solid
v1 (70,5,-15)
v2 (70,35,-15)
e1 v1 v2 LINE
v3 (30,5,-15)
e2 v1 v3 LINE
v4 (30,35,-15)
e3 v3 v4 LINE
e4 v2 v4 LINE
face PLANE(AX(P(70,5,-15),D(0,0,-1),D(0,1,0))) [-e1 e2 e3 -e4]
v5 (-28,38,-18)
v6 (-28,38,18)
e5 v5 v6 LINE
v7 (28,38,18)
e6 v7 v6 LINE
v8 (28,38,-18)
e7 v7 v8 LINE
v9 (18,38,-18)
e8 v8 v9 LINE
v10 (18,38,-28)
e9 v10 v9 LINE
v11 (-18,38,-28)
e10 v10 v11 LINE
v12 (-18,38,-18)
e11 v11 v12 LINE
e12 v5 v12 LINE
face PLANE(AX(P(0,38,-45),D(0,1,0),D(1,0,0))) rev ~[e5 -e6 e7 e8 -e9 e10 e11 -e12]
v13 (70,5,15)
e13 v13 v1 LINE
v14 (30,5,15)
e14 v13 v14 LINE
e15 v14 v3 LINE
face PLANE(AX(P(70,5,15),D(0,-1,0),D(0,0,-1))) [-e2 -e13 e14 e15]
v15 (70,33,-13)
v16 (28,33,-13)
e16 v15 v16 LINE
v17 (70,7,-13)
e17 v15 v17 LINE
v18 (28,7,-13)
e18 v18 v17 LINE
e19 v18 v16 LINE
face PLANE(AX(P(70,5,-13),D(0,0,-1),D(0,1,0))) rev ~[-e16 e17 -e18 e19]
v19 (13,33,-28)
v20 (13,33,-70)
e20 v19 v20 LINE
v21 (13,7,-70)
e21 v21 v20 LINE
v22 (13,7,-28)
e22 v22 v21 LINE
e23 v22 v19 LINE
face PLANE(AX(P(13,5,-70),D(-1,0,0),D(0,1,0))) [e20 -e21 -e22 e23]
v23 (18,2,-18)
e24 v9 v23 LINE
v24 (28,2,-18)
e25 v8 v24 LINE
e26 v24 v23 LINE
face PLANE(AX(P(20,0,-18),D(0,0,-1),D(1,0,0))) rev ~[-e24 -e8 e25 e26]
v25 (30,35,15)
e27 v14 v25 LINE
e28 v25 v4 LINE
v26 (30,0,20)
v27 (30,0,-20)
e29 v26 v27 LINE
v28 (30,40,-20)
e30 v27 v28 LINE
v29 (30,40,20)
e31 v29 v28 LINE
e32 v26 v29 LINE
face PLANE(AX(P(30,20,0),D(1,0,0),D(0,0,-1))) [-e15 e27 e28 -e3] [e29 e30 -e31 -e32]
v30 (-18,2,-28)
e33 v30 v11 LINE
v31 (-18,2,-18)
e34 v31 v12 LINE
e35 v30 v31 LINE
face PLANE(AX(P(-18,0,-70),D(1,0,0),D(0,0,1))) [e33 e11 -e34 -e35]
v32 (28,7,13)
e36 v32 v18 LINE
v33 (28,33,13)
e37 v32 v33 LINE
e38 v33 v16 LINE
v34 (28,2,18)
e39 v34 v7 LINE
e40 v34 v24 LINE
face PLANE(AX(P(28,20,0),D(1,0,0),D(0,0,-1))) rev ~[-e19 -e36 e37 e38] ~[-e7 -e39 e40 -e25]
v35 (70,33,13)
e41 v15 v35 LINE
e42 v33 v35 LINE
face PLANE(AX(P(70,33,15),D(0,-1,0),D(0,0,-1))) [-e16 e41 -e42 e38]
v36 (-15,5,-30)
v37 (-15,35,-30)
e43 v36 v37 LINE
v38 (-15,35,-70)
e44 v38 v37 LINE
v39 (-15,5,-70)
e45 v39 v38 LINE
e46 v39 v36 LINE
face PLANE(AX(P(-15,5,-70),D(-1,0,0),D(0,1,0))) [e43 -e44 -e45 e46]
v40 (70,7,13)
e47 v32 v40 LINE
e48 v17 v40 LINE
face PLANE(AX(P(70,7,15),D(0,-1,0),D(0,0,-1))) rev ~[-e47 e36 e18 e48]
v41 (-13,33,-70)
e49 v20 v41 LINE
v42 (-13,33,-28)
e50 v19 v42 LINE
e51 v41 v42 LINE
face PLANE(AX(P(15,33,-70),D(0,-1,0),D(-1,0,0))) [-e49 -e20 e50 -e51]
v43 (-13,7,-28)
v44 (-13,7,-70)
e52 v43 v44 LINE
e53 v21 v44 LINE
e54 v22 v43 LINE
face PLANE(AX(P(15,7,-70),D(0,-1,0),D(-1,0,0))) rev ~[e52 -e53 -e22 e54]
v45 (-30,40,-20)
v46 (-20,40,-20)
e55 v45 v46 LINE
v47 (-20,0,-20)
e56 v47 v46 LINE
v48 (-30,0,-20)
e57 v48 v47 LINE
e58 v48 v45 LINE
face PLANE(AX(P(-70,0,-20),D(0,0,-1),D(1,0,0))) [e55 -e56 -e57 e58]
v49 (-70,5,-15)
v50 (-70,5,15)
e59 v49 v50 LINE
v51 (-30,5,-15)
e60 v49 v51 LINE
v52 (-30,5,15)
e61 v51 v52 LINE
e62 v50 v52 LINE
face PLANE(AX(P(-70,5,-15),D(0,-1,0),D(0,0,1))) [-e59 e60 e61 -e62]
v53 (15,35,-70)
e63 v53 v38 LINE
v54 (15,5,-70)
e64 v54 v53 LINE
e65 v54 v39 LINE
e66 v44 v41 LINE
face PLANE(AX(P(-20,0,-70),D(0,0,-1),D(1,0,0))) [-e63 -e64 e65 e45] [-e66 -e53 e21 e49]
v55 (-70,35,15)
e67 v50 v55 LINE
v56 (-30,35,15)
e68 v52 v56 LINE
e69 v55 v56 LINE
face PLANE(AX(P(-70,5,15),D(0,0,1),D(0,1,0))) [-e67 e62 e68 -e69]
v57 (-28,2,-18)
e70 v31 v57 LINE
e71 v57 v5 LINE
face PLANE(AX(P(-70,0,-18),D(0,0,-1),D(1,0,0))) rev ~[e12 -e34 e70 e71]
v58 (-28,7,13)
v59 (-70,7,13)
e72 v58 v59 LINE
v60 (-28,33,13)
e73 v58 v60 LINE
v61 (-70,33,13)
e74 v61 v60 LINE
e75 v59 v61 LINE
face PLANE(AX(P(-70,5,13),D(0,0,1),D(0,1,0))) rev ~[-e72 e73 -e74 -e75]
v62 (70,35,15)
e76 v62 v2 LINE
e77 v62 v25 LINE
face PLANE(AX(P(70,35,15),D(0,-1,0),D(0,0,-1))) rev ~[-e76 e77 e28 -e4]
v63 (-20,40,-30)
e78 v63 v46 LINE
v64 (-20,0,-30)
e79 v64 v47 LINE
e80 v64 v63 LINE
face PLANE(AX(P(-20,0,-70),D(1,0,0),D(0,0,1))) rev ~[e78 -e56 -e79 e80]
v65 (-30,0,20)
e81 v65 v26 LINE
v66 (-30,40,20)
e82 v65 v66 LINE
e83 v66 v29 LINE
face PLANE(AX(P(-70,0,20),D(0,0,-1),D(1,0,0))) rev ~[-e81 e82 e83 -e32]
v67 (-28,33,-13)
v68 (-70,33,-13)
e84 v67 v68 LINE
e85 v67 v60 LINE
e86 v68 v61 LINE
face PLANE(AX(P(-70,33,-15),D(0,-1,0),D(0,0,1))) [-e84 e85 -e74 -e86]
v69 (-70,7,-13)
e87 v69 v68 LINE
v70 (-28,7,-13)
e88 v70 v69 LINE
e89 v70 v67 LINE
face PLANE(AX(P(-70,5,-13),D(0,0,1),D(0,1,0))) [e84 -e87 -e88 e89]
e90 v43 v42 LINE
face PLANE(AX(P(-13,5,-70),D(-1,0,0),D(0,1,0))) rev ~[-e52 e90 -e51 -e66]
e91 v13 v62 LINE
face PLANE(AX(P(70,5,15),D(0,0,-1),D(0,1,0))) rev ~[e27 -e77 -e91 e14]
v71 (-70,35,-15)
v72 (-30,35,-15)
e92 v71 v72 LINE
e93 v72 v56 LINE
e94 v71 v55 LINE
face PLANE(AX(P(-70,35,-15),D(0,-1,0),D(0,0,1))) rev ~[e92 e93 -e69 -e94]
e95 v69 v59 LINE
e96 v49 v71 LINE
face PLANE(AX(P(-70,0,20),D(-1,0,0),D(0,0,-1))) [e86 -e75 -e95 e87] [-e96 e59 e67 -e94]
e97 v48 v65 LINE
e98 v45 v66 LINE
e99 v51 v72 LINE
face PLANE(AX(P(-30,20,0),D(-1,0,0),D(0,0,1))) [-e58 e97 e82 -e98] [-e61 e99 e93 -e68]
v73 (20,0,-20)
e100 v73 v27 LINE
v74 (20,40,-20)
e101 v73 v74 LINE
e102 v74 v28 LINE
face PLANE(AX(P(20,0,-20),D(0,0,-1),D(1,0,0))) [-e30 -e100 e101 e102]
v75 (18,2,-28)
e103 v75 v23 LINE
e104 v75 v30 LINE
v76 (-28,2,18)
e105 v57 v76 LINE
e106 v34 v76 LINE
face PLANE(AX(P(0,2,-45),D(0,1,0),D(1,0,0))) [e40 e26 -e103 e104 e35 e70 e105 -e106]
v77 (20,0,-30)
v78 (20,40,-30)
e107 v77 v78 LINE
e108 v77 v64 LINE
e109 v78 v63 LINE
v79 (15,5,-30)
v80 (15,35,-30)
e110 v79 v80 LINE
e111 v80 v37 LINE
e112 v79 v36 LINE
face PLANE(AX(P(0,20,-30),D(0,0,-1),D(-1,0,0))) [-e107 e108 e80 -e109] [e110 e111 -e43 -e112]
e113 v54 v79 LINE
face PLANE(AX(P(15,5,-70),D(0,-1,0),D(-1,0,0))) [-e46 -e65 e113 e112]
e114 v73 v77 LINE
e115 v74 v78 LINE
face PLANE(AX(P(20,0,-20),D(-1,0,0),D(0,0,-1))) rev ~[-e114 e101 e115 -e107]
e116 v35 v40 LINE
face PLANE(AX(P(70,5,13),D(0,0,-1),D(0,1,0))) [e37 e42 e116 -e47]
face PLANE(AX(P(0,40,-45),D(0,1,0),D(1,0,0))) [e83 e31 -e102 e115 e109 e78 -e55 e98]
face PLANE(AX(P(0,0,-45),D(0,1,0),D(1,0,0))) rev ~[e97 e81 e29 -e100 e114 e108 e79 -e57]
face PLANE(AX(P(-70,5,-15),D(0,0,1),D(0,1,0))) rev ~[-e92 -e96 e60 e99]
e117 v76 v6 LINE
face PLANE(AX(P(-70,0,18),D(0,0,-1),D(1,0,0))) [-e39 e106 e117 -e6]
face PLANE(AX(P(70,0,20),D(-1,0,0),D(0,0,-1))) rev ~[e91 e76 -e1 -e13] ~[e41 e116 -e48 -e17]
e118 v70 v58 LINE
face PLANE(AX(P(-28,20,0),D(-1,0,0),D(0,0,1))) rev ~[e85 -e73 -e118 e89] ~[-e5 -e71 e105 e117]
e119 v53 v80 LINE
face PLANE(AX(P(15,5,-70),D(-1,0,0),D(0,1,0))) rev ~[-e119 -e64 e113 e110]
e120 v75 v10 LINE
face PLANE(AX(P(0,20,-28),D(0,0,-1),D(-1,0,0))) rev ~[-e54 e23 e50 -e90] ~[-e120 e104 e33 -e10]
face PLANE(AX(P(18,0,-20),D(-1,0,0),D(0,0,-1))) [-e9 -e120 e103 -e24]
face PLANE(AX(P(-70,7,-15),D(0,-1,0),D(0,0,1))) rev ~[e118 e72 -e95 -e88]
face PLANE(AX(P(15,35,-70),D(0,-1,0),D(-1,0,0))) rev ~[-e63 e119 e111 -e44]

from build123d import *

# Parameters (mm, degrees)
CROQUIS1_W     = 40
CROQUIS1_H     = 50
CROQUIS1_H_2   = 40
CROQUIS1_W_2   = 50
EXTRUIR1_DEPTH = 40
CROQUIS2_W     = 40
CROQUIS2_H     = 40
CROQUIS2_W_2   = 30
CROQUIS2_H_2   = 30
EXTRUIR2_DEPTH = 40
CROQUIS3_W     = 40
CROQUIS3_H     = 40
CROQUIS3_W_2   = 30
CROQUIS3_H_2   = 30
EXTRUIR3_DEPTH = 40
CROQUIS5_W     = 40
CROQUIS5_H     = 40
CROQUIS5_W_2   = 30
CROQUIS5_H_2   = 30
EXTRUIR4_DEPTH = 40
VACIADO1_T     = -2


with BuildPart() as part:
    # Croquis1 → Extruir1 (new body)
    with BuildSketch(Plane(origin=(0, 0, 0), x_dir=(1, 0, 0), z_dir=(0, 1, 0))):
        with Locations((0, 45)):
            Rectangle(CROQUIS1_W, CROQUIS1_H)
        Rectangle(CROQUIS1_W, CROQUIS1_H_2)
        with Locations((45, 0)):
            Rectangle(CROQUIS1_W_2, CROQUIS1_H_2)
        with Locations((-45, 0)):
            Rectangle(CROQUIS1_W_2, CROQUIS1_H_2)
    extrude(amount=EXTRUIR1_DEPTH)

    # Croquis2 → Extruir2 (cut)
    with BuildSketch(Plane(origin=(70, 0, 0), x_dir=(0, 0, -1), z_dir=(1, 0, 0))):
        with Locations((0, 20)):
            Rectangle(CROQUIS2_W, CROQUIS2_H)
        with Locations((0, 20)):
            Rectangle(CROQUIS2_W_2, CROQUIS2_H_2, mode=Mode.SUBTRACT)
    extrude(amount=-EXTRUIR2_DEPTH, mode=Mode.SUBTRACT)

    # Croquis3 → Extruir3 (cut)
    with BuildSketch(Plane(origin=(0, 0, -70), x_dir=(-1, 0, 0), z_dir=(0, 0, -1))):
        with Locations((0, 20)):
            Rectangle(CROQUIS3_W, CROQUIS3_H)
        with Locations((0, 20)):
            Rectangle(CROQUIS3_W_2, CROQUIS3_H_2, mode=Mode.SUBTRACT)
    extrude(amount=-EXTRUIR3_DEPTH, mode=Mode.SUBTRACT)

    # Croquis5 → Extruir4 (cut)
    with BuildSketch(Plane.ZY.offset(70)):
        with Locations((0, 20)):
            Rectangle(CROQUIS5_W, CROQUIS5_H)
        with Locations((0, 20)):
            Rectangle(CROQUIS5_W_2, CROQUIS5_H_2, mode=Mode.SUBTRACT)
    extrude(amount=-EXTRUIR4_DEPTH, mode=Mode.SUBTRACT)

    # Vaciado1
    vaciado1_openings = [part.faces().sort_by_distance(p)[0] for p in [
        (70, 20, 0),
        (0, 20, -70),
        (-70, 20, 0),
    ]]
    offset(amount=VACIADO1_T, openings=vaciado1_openings, kind=Kind.INTERSECTION)


solid = part.part
